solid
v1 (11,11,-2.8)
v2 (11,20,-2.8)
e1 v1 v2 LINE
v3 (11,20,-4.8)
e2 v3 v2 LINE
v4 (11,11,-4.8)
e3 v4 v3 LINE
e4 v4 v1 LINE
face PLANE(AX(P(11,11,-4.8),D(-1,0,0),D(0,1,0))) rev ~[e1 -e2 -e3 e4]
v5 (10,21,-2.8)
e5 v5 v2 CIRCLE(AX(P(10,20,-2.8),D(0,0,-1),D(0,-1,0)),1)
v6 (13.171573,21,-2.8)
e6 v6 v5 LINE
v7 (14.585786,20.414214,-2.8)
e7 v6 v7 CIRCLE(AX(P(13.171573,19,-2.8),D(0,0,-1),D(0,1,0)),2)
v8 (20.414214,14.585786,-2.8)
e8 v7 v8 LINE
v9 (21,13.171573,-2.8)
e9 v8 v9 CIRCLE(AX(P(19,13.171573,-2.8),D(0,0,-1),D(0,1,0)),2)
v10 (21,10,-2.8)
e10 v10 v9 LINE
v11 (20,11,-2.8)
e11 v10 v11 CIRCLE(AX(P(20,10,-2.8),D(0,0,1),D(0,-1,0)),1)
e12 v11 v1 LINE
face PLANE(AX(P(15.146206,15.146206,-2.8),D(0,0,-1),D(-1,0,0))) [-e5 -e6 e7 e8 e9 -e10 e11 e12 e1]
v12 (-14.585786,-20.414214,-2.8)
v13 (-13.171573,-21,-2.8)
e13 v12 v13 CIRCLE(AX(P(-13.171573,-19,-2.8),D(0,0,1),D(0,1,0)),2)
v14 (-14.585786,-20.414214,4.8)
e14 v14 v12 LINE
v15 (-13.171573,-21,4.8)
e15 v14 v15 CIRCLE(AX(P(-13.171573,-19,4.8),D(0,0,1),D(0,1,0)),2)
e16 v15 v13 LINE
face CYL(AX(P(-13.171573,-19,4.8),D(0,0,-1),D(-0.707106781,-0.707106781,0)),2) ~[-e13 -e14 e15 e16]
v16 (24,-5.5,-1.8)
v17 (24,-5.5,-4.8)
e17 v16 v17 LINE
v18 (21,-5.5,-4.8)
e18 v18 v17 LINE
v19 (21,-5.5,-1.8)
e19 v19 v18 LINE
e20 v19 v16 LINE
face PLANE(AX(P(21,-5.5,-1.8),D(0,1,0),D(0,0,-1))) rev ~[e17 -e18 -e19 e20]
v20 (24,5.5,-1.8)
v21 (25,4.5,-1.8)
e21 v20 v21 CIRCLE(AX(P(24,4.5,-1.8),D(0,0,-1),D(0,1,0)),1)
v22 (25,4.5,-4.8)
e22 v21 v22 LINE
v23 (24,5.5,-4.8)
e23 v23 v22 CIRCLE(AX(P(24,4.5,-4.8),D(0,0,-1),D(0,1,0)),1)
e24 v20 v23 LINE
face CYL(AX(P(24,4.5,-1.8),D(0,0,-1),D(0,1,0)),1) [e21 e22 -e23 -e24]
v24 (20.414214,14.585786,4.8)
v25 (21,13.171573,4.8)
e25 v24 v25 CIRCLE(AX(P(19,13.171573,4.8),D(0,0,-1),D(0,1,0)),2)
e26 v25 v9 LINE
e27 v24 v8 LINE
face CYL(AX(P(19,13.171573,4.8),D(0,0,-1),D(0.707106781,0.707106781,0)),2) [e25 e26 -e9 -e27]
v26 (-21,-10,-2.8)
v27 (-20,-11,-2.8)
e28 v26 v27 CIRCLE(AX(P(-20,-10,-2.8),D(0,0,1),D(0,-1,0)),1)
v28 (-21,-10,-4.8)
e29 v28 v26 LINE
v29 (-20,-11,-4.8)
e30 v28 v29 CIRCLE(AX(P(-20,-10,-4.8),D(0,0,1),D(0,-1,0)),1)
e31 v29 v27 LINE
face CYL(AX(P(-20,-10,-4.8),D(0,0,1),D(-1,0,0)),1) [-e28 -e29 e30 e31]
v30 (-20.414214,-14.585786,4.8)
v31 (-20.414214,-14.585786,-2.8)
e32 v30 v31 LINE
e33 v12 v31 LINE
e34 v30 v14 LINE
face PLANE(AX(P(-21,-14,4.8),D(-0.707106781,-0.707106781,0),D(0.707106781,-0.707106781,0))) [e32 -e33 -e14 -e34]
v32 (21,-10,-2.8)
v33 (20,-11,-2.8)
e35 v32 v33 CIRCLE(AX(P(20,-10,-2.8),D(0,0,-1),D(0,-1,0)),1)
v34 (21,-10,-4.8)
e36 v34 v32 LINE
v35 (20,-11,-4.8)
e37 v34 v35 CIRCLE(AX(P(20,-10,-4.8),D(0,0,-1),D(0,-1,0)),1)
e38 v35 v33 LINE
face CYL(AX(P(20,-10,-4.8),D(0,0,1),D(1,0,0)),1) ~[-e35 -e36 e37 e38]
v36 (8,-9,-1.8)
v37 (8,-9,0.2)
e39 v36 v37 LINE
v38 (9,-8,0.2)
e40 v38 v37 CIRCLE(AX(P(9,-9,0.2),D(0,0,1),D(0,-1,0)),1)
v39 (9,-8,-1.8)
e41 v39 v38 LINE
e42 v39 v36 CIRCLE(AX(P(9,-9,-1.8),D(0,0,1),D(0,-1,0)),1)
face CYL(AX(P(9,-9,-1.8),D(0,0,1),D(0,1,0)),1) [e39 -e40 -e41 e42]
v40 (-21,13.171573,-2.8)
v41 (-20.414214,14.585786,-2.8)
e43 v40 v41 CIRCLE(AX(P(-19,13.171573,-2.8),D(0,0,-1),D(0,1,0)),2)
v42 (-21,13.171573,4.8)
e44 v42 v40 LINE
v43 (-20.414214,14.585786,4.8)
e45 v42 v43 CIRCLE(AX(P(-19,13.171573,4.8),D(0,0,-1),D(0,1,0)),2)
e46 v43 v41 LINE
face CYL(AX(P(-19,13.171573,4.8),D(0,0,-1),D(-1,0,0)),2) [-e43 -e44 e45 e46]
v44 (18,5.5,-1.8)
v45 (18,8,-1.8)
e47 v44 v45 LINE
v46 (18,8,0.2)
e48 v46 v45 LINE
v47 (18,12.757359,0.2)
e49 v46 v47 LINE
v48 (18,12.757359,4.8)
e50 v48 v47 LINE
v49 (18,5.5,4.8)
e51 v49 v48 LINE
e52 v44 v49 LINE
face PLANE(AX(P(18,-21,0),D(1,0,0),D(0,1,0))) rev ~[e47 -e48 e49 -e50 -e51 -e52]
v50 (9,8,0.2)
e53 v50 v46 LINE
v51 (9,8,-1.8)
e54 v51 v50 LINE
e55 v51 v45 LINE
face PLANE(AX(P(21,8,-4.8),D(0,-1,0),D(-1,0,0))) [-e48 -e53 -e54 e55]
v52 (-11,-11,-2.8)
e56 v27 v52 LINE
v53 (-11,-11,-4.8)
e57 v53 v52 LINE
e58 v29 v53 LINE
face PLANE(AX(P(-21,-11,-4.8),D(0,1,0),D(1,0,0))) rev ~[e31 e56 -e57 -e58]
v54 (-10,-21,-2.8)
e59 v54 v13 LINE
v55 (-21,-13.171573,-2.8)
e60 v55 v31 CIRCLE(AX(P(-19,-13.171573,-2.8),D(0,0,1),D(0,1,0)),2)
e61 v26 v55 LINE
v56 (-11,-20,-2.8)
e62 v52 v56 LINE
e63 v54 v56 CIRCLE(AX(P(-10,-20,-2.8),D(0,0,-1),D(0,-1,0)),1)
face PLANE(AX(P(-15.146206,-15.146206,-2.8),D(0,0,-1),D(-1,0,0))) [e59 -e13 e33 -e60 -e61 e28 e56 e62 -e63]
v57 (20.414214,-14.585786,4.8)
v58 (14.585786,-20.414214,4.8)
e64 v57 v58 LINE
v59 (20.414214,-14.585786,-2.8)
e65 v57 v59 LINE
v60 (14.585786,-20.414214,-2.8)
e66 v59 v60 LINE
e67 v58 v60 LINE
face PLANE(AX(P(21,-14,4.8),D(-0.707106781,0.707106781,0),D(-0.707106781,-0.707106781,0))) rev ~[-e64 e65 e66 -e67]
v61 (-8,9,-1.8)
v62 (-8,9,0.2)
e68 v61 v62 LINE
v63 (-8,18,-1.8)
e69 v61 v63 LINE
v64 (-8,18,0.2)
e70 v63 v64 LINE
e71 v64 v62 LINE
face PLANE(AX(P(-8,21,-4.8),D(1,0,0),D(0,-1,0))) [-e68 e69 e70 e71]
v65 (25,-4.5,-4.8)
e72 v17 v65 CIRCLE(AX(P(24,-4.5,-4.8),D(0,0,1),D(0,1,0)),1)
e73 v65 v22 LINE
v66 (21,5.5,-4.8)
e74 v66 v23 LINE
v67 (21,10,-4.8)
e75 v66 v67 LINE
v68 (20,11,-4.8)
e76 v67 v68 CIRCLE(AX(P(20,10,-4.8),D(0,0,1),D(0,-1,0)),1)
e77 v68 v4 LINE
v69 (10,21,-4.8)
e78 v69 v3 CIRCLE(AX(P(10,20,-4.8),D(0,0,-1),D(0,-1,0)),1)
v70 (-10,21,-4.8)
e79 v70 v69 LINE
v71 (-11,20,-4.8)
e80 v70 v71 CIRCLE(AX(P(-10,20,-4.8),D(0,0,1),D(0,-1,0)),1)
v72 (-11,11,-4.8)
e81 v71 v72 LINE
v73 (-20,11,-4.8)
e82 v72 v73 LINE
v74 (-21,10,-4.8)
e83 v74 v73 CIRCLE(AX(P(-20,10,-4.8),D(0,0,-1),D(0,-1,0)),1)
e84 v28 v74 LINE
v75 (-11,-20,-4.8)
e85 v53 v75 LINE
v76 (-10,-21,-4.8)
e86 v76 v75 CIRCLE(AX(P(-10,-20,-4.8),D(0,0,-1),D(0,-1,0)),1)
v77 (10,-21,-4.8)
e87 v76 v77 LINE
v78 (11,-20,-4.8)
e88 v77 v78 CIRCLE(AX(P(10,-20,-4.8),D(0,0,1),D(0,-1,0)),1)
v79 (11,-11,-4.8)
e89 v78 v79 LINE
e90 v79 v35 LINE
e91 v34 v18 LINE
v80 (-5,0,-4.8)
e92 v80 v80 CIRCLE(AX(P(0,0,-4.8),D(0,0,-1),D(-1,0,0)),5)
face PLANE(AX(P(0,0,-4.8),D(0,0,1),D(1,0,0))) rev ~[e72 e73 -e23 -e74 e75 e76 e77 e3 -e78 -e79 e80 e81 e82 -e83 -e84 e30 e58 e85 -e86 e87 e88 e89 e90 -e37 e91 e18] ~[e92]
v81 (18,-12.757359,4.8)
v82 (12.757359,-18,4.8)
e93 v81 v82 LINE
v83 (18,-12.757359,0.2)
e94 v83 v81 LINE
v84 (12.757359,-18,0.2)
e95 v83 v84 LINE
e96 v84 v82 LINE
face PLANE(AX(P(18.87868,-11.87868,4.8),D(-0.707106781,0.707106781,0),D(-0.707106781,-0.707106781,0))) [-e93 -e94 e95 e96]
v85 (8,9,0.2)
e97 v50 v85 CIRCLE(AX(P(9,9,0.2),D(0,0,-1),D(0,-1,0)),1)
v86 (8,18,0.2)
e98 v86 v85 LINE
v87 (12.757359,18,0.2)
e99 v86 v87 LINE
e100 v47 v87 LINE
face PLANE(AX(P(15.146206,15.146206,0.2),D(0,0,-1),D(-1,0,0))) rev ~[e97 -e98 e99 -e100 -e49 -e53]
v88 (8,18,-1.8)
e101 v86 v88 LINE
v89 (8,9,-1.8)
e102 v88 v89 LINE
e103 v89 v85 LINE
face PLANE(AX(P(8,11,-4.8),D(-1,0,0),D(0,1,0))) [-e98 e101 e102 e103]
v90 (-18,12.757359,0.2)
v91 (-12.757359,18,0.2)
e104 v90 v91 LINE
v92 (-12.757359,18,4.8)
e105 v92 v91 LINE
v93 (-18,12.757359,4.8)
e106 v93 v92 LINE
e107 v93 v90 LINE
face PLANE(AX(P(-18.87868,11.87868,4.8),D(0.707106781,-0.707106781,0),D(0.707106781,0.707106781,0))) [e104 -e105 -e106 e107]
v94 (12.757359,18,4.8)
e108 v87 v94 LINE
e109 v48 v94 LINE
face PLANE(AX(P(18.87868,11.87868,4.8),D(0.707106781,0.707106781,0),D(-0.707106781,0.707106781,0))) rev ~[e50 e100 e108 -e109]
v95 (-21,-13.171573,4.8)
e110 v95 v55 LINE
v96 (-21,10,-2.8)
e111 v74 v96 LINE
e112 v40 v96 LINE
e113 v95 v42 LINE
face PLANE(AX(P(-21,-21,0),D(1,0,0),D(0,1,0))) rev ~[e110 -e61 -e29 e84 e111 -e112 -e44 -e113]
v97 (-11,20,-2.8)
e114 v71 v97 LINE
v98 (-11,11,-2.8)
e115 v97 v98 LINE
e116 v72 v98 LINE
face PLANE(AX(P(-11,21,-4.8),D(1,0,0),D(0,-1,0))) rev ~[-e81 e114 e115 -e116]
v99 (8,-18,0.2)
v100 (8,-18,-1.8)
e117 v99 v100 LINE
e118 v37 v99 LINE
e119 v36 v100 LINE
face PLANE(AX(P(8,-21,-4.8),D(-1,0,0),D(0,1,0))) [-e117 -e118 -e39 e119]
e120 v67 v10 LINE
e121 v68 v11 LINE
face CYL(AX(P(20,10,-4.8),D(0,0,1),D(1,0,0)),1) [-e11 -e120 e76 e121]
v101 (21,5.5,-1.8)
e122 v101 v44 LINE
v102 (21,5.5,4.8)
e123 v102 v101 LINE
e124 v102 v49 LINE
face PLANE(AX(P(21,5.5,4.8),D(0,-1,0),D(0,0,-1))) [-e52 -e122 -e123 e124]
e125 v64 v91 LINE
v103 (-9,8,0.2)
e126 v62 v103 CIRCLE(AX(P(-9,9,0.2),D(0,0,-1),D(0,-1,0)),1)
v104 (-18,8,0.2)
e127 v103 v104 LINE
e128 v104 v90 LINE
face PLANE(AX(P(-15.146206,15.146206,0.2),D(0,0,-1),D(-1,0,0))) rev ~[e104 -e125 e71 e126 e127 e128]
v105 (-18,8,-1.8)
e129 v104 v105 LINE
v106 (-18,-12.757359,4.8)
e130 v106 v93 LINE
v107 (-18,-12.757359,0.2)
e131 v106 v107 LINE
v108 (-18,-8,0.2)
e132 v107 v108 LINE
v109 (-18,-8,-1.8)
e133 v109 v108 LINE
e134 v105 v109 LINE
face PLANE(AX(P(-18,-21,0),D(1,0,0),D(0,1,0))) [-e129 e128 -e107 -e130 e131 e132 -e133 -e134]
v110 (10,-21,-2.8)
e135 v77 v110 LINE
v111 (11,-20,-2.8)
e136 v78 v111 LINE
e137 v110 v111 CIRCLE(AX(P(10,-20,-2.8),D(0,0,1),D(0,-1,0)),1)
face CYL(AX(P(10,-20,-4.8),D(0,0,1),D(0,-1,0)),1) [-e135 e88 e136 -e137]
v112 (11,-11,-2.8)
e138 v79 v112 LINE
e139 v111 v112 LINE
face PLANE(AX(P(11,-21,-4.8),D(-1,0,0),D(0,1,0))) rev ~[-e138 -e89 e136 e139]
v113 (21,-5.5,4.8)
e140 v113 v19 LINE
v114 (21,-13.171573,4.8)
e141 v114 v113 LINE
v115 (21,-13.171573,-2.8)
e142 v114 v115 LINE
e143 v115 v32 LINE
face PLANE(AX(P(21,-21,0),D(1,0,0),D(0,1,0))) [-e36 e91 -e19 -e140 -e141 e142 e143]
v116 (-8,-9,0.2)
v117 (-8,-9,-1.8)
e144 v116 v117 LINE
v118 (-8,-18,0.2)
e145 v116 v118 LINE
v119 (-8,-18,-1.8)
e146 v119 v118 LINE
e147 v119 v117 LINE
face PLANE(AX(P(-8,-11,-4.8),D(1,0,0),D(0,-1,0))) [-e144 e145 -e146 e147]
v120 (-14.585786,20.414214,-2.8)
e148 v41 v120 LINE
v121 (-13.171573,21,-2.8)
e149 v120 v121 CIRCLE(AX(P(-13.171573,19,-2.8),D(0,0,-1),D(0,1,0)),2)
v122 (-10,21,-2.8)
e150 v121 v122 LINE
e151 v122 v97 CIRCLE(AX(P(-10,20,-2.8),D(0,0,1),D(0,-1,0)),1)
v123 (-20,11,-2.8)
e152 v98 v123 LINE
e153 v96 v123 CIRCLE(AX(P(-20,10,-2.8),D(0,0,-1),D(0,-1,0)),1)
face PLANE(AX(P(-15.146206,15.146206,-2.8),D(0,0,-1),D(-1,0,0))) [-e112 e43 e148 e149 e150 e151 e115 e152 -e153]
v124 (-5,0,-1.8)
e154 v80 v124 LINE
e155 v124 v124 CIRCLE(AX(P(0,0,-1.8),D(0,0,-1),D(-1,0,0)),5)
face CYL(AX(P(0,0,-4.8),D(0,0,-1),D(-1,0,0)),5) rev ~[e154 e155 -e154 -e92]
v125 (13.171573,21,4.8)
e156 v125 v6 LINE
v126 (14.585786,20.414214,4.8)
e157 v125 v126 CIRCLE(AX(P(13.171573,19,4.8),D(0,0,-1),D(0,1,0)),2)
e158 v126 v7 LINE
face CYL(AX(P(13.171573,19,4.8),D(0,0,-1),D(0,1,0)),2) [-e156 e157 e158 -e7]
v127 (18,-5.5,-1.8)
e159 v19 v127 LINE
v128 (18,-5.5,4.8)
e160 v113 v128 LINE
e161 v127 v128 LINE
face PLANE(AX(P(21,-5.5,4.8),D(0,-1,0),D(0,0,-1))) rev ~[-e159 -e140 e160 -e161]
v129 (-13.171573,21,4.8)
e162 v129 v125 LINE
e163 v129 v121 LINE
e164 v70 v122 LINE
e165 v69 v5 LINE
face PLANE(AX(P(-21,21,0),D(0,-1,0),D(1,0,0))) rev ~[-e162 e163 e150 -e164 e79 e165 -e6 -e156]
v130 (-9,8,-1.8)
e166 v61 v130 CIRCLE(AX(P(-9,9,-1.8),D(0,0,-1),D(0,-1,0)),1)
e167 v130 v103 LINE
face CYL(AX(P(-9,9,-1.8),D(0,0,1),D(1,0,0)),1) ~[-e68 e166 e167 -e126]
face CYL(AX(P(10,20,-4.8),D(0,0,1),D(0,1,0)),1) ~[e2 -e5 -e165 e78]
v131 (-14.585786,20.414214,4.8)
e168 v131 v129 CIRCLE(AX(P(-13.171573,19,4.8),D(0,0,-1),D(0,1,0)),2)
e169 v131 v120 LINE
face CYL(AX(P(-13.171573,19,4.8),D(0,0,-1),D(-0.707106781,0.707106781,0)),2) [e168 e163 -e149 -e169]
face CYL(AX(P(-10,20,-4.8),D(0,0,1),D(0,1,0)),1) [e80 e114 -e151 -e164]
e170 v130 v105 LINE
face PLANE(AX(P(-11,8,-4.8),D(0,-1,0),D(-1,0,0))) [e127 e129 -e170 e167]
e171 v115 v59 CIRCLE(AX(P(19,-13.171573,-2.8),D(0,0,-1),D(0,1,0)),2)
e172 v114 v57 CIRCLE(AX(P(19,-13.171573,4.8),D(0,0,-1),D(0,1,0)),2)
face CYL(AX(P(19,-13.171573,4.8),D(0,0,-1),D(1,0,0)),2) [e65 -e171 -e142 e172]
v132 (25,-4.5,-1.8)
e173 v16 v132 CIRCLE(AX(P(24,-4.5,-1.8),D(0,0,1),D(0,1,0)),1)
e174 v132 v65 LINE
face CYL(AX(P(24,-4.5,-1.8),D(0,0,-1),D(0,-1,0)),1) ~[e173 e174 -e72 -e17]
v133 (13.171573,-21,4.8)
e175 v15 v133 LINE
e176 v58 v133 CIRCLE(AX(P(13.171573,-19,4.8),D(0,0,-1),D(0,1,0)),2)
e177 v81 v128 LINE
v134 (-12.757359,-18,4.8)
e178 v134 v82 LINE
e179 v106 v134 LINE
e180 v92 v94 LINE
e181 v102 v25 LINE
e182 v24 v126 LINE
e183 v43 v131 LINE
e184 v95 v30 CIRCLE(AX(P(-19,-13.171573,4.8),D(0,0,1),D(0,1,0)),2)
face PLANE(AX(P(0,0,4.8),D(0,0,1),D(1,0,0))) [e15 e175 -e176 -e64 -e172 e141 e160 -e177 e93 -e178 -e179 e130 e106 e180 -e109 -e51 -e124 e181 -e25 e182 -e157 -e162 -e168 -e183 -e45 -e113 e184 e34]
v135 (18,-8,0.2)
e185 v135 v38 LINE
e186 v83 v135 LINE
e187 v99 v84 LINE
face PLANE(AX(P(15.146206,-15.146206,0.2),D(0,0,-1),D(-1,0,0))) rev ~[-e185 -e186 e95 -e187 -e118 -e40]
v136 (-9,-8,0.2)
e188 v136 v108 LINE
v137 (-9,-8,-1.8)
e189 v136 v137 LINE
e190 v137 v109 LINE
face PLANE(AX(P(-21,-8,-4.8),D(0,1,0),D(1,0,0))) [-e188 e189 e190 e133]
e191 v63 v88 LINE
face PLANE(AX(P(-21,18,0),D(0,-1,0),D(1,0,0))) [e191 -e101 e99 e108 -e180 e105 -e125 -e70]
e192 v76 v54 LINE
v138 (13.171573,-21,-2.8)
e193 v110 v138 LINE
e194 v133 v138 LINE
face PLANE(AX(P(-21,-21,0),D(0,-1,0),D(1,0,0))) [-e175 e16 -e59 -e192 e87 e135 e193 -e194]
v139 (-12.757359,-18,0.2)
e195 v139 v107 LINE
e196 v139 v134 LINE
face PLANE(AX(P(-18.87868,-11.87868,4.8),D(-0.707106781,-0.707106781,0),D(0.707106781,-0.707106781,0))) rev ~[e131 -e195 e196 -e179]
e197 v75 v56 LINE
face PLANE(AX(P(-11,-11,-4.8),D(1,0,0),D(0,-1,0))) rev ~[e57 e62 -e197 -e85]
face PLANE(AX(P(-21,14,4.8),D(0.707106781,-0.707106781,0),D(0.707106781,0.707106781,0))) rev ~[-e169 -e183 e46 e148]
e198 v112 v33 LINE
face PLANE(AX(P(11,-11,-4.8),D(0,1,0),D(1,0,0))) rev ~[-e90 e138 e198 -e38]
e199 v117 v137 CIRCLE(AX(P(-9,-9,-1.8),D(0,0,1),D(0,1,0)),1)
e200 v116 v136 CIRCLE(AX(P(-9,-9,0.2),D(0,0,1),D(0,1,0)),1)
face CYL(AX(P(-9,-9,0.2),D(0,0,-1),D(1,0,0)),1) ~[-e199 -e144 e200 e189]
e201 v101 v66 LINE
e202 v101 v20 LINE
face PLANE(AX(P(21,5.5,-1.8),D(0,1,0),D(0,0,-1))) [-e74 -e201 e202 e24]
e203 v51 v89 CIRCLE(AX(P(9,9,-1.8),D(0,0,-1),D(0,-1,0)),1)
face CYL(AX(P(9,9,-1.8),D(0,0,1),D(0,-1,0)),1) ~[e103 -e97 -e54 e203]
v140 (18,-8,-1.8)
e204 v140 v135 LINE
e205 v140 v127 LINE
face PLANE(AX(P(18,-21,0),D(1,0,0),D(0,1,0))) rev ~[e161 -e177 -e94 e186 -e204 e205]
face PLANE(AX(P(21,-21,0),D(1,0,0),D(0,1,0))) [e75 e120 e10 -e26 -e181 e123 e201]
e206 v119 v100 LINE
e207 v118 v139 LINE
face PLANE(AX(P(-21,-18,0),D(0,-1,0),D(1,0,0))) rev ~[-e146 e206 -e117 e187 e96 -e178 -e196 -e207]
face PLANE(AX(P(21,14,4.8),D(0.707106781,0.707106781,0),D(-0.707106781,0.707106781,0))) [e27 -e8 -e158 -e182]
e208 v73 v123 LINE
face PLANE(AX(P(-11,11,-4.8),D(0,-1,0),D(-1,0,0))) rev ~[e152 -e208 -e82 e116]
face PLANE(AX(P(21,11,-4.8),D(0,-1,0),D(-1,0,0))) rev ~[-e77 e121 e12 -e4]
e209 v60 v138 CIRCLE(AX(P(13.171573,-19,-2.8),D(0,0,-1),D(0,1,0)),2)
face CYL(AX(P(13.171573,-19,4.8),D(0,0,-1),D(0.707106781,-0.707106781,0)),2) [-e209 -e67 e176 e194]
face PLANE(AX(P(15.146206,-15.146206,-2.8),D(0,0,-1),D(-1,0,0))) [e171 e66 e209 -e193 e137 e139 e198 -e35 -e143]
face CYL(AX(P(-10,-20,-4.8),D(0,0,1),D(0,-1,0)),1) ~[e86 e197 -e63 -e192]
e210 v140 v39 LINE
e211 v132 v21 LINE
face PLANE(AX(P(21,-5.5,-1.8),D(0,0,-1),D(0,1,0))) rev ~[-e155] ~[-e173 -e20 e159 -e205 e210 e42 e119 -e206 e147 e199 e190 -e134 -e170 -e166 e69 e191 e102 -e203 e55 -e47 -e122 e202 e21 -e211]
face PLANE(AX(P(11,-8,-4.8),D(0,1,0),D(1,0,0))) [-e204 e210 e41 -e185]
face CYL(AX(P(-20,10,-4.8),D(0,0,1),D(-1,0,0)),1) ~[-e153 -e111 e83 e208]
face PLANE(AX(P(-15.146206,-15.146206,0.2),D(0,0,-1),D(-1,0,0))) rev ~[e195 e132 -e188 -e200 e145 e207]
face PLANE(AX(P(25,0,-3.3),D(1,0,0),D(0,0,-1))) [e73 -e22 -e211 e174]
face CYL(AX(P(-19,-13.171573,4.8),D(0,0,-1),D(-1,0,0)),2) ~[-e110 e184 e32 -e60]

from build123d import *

# Parameters (mm, degrees)
SKETCH1_W           = 42
SKETCH1_H           = 42
BOSS_EXTRUDE1_DEPTH = 4.8
CUT_EXTRUDE1_REACH  = 33.212
CUT_EXTRUDE2_DEPTH  = 2
SKETCH4_W           = 3
SKETCH4_H           = 11
BOSS_EXTRUDE2_DEPTH = 4
SHELL1_T            = -3
CUT_EXTRUDE3_REACH  = 49.202
SKETCH5_W           = 6.6
SKETCH5_H           = 11
CUT_EXTRUDE4_REACH  = 36.032
SKETCH6_R           = 5
FILLET1_R           = 2
FILLET2_R           = 1


with BuildPart() as part:
    # Sketch1 → Boss-Extrude1 (new, symmetric)
    with BuildSketch(Plane.XY):
        Rectangle(SKETCH1_W, SKETCH1_H)
    extrude(amount=BOSS_EXTRUDE1_DEPTH, both=True)

    # Sketch2 → Cut-Extrude1 (cut, up to next)
    with BuildSketch(Plane.XY.offset(4.8), mode=Mode.PRIVATE) as cut_extrude1_sk1:
        Polygon((-21, 21), (-21, 14), (-14, 21), align=None)
    cut_extrude1_tool1 = extrude(cut_extrude1_sk1.sketch, amount=-CUT_EXTRUDE1_REACH, mode=Mode.PRIVATE) & part.part
    # Sketch2 → Cut-Extrude1 (cut, up to next)
    with BuildSketch(Plane.XY.offset(4.8), mode=Mode.PRIVATE) as cut_extrude1_sk2:
        Polygon((14, 21), (21, 21), (21, 14), align=None)
    cut_extrude1_tool2 = extrude(cut_extrude1_sk2.sketch, amount=-CUT_EXTRUDE1_REACH, mode=Mode.PRIVATE) & part.part
    # Sketch2 → Cut-Extrude1 (cut, up to next)
    with BuildSketch(Plane.XY.offset(4.8), mode=Mode.PRIVATE) as cut_extrude1_sk3:
        Polygon((21, -21), (21, -14), (14, -21), align=None)
    cut_extrude1_tool3 = extrude(cut_extrude1_sk3.sketch, amount=-CUT_EXTRUDE1_REACH, mode=Mode.PRIVATE) & part.part
    # Sketch2 → Cut-Extrude1 (cut, up to next)
    with BuildSketch(Plane.XY.offset(4.8), mode=Mode.PRIVATE) as cut_extrude1_sk4:
        Polygon((-14, -21), (-21, -21), (-21, -14), align=None)
    cut_extrude1_tool4 = extrude(cut_extrude1_sk4.sketch, amount=-CUT_EXTRUDE1_REACH, mode=Mode.PRIVATE) & part.part
    add(cut_extrude1_tool1.solids().sort_by_distance((-18.666667, 18.666667, 4.8))[0], mode=Mode.SUBTRACT)
    add(cut_extrude1_tool2.solids().sort_by_distance((18.666667, 18.666667, 4.8))[0], mode=Mode.SUBTRACT)
    add(cut_extrude1_tool3.solids().sort_by_distance((18.666667, -18.666667, 4.8))[0], mode=Mode.SUBTRACT)
    add(cut_extrude1_tool4.solids().sort_by_distance((-18.666667, -18.666667, 4.8))[0], mode=Mode.SUBTRACT)

    # Sketch3 → Cut-Extrude2 (cut)
    with BuildSketch(Plane(origin=(0, 0, -4.8), x_dir=(-1, 0, 0), z_dir=(0, 0, -1))):
        Polygon((-21, 14), (-21, 11), (-11, 11), (-11, 21), (-14, 21), align=None)
        Polygon((14, 21), (11, 21), (11, 11), (21, 11), (21, 14), align=None)
        Polygon((11, -11), (11, -21), (14, -21), (21, -14), (21, -11), align=None)
        Polygon((-11, -11), (-21, -11), (-21, -14), (-14, -21), (-11, -21), align=None)
    extrude(amount=-CUT_EXTRUDE2_DEPTH, mode=Mode.SUBTRACT)

    # Sketch4 → Boss-Extrude2 (add)
    with BuildSketch(Plane(origin=(21, 0, 0), x_dir=(0, 0, -1), z_dir=(1, 0, 0))):
        with Locations((3.3, 0)):
            Rectangle(SKETCH4_W, SKETCH4_H)
    extrude(amount=BOSS_EXTRUDE2_DEPTH)

    # Shell1
    shell1_openings = [part.faces().sort_by_distance(p)[0] for p in [
        (0, 0, 4.8),
    ]]
    offset(amount=SHELL1_T, openings=shell1_openings, kind=Kind.INTERSECTION)

    # Sketch5 → Cut-Extrude3 (cut, up to next)
    with BuildSketch(Plane(origin=(21, 0, 0), x_dir=(0, 0, -1), z_dir=(1, 0, 0)), mode=Mode.PRIVATE) as cut_extrude3_sk1:
        with Locations((-1.5, 0)):
            Rectangle(SKETCH5_W, SKETCH5_H)
    cut_extrude3_tool1 = extrude(cut_extrude3_sk1.sketch, amount=-CUT_EXTRUDE3_REACH, mode=Mode.PRIVATE) & part.part
    add(cut_extrude3_tool1.solids().sort_by_distance((21, 0, 1.5))[0], mode=Mode.SUBTRACT)

    # Sketch6 → Cut-Extrude4 (cut, up to next)
    with BuildSketch(Plane(origin=(0, 0, -4.8), x_dir=(-1, 0, 0), z_dir=(0, 0, -1)), mode=Mode.PRIVATE) as cut_extrude4_sk1:
        Circle(SKETCH6_R)
    cut_extrude4_tool1 = extrude(cut_extrude4_sk1.sketch, amount=-CUT_EXTRUDE4_REACH, mode=Mode.PRIVATE) & part.part
    add(cut_extrude4_tool1.solids().sort_by_distance((0, 0, -4.8))[0], mode=Mode.SUBTRACT)

    # Fillet1
    fillet1_edges = [part.edges().sort_by_distance(p)[0] for p in [
        (-14, -21, 1),
        (-21, -14, 1),
        (21, -14, 1),
        (14, -21, 1),
        (14, 21, 1),
        (21, 14, 1),
        (-21, 14, 1),
        (-14, 21, 1),
    ]]
    fillet(fillet1_edges, radius=FILLET1_R)

    # Fillet2
    fillet2_edges = [part.edges().sort_by_distance(p)[0] for p in [
        (25, 5.5, -3.3),
        (25, -5.5, -3.3),
        (-8, -8, -0.8),
        (8, -8, -0.8),
        (8, 8, -0.8),
        (-8, 8, -0.8),
        (21, -11, -3.8),
        (11, -21, -3.8),
        (-11, -21, -3.8),
        (-21, -11, -3.8),
        (-21, 11, -3.8),
        (-11, 21, -3.8),
        (11, 21, -3.8),
        (21, 11, -3.8),
    ]]
    fillet(fillet2_edges, radius=FILLET2_R)


solid = part.part
